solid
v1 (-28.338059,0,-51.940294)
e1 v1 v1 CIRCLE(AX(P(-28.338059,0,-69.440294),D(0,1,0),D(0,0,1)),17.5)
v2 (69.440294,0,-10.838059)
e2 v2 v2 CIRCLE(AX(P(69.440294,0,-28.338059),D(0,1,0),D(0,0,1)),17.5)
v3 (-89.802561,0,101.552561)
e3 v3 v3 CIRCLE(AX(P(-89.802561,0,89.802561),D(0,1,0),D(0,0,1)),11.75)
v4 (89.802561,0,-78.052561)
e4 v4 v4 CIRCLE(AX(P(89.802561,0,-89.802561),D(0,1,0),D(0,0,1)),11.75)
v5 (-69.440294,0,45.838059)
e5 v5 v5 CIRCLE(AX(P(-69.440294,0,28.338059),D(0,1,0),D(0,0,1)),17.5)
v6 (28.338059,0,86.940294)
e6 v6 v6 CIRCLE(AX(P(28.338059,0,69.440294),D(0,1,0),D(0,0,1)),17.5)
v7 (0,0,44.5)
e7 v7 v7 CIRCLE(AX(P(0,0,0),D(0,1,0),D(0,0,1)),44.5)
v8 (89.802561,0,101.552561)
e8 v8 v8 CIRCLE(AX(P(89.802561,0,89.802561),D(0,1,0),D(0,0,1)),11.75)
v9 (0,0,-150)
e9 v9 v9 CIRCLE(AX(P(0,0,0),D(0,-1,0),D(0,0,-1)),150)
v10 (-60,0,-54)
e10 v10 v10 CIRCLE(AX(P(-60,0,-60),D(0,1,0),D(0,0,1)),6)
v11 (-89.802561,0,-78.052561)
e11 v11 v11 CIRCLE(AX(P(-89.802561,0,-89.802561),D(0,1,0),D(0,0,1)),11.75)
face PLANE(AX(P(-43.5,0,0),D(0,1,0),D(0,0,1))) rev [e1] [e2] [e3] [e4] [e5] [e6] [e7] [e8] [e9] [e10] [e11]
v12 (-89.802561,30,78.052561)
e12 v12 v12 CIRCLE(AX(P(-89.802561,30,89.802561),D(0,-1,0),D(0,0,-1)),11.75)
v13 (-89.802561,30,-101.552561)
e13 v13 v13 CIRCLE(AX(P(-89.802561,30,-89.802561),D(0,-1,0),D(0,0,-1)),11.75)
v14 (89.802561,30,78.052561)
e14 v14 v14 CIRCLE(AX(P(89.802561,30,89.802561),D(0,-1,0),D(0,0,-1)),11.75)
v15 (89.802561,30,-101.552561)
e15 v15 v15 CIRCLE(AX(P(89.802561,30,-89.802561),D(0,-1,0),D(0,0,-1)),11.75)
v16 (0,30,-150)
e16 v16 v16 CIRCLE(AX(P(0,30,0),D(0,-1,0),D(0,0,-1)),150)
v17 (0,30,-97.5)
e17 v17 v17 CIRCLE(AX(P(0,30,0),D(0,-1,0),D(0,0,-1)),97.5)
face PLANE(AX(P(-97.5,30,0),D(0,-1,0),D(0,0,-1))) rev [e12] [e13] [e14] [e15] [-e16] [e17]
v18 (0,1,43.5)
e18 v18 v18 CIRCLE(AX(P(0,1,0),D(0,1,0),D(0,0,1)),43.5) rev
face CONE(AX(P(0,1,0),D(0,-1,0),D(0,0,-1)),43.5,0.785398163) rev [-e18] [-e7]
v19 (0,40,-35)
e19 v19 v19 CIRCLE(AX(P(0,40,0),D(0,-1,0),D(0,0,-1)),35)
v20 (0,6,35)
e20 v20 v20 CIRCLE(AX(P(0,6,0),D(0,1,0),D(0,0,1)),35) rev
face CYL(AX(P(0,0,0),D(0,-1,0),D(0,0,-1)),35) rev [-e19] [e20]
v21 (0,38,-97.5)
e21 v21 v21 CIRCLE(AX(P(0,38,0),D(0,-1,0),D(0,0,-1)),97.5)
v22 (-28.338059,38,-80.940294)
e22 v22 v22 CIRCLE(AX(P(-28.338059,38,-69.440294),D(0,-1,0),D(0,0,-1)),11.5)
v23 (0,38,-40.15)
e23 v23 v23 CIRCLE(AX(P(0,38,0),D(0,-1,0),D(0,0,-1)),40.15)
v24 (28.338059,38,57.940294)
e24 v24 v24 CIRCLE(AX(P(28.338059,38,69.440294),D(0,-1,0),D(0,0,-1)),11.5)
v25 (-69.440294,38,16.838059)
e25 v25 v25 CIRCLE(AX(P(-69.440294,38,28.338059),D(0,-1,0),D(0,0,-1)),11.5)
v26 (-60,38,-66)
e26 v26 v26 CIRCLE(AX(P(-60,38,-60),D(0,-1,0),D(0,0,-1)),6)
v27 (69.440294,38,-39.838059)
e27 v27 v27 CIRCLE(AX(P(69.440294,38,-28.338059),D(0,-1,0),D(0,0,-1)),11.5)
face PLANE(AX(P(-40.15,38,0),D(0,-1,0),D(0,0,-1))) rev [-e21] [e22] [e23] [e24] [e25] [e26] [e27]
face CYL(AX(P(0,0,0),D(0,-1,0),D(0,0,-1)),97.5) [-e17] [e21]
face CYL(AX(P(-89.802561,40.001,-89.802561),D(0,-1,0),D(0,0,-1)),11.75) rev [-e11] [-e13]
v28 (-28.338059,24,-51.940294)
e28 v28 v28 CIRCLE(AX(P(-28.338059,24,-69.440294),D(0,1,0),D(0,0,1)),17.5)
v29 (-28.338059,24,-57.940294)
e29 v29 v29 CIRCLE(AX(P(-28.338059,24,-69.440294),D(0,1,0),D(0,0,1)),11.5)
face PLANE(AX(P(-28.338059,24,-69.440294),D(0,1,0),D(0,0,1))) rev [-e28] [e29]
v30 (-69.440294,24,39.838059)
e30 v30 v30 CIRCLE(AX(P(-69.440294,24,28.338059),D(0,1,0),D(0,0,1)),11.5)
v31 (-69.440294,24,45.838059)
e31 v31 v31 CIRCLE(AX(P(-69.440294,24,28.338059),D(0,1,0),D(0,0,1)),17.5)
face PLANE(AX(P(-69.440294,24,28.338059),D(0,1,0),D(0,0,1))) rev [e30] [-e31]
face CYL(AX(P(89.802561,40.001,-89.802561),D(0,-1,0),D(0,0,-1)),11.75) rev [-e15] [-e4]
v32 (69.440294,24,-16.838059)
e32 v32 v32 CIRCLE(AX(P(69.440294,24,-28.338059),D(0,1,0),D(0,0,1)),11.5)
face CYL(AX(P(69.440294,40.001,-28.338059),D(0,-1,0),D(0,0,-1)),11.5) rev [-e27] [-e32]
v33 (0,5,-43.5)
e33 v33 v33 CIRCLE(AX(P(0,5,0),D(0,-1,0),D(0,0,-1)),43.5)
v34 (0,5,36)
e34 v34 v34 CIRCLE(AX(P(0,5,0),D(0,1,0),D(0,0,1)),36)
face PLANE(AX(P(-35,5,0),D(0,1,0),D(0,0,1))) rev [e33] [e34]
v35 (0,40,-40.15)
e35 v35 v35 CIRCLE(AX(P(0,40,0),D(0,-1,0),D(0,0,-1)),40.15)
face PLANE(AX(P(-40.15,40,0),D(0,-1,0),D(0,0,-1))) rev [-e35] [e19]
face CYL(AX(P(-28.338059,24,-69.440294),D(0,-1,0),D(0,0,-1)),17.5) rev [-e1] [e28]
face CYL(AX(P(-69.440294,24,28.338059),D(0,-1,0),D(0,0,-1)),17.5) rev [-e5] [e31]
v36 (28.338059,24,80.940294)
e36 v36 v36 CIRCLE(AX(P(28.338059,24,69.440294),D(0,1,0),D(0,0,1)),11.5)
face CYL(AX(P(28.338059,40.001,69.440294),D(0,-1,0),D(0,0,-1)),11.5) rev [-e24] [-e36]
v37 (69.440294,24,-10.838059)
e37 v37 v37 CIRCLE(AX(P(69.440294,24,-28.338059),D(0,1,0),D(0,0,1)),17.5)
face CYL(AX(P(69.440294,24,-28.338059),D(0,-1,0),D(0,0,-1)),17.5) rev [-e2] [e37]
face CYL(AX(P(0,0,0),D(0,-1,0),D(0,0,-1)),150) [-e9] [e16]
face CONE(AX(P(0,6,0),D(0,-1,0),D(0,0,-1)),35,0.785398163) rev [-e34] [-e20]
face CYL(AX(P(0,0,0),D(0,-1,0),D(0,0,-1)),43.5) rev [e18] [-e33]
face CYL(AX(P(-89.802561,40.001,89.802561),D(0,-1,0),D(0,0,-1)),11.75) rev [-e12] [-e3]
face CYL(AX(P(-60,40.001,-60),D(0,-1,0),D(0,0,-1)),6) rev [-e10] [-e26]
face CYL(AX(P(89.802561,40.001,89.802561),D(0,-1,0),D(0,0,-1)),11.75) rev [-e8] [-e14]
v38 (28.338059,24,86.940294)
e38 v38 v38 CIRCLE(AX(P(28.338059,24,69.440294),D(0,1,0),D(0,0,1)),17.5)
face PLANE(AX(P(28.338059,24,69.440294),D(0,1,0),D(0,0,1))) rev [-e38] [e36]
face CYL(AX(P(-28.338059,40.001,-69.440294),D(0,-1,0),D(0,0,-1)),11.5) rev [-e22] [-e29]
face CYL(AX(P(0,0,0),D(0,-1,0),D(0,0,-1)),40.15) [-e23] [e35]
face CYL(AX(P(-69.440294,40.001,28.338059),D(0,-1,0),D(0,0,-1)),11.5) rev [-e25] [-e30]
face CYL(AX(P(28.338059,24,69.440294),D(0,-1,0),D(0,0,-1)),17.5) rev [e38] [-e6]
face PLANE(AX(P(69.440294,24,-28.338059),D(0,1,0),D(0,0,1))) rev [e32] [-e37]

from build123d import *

# Parameters (mm, degrees)
CHAMFER_1_SIZE      = 1
CUT_EXTRUDE_1_REACH = 42
SKETCH_2_R          = 6
SKETCH_2_R_2        = 11.75
CUT_EXTRUDE_2_REACH = 42
SKETCH_3_R          = 11.5
SKETCH_4_R          = 17.5
CUT_EXTRUDE_3_DEPTH = 24


with BuildPart() as part:
    # 스케치1 → 회전1 (revolve)
    with BuildSketch(Plane.XY, mode=Mode.PRIVATE) as revolve_1_sk:
        Polygon((-150, 0), (-150, 30), (-97.5, 30), (-97.5, 38), (-40.15, 38), (-40.15, 40), (-35, 40), (-35, 5), (-43.5, 5), (-43.5, 0), align=None)
    revolve(revolve_1_sk.sketch.rotate(Axis((0, 0, 0), (0, 1, 0)), 270), axis=Axis((0, 0, 0), (0, 1, 0)))  # turned: the seam where the file's is

    # 모따기1
    chamfer_1_edges = [part.edges().sort_by_distance(p)[0] for p in [
        (0, 0, 43.5),
        (0, 5, 35),
    ]]
    chamfer(chamfer_1_edges, length=CHAMFER_1_SIZE)

    # 스케치2 → 컷-돌출1 (cut, up to next)
    with BuildSketch(Plane(origin=(0, 0, 0), x_dir=(1, 0, 0), z_dir=(0, 1, 0)), mode=Mode.PRIVATE) as cut_extrude_1_sk1:
        with Locations(Location((-60, 60, 0), (0, 0, 90))):  # turned: the seam where the file's is
            Circle(SKETCH_2_R)
    cut_extrude_1_tool1 = extrude(cut_extrude_1_sk1.sketch, amount=CUT_EXTRUDE_1_REACH, mode=Mode.PRIVATE) & part.part
    add(cut_extrude_1_tool1.solids().sort_by_distance((-60, 0, -60))[0], mode=Mode.SUBTRACT)
    # 스케치2 → 컷-돌출1 (cut, up to next)
    with BuildSketch(Plane(origin=(0, 0, 0), x_dir=(1, 0, 0), z_dir=(0, 1, 0)), mode=Mode.PRIVATE) as cut_extrude_1_sk2:
        with Locations(Location((-89.802561211, 89.802561211, 0), (0, 0, 90))):  # turned: the seam where the file's is
            Circle(SKETCH_2_R_2)
    cut_extrude_1_tool2 = extrude(cut_extrude_1_sk2.sketch, amount=CUT_EXTRUDE_1_REACH, mode=Mode.PRIVATE) & part.part
    add(cut_extrude_1_tool2.solids().sort_by_distance((-89.802561, 0, -89.802561))[0], mode=Mode.SUBTRACT)
    # 스케치2 → 컷-돌출1 (cut, up to next)
    with BuildSketch(Plane(origin=(0, 0, 0), x_dir=(1, 0, 0), z_dir=(0, 1, 0)), mode=Mode.PRIVATE) as cut_extrude_1_sk3:
        with Locations(Location((89.802561211, 89.802561211, 0), (0, 0, 90))):  # turned: the seam where the file's is
            Circle(SKETCH_2_R_2)
    cut_extrude_1_tool3 = extrude(cut_extrude_1_sk3.sketch, amount=CUT_EXTRUDE_1_REACH, mode=Mode.PRIVATE) & part.part
    add(cut_extrude_1_tool3.solids().sort_by_distance((89.802561, 0, -89.802561))[0], mode=Mode.SUBTRACT)
    # 스케치2 → 컷-돌출1 (cut, up to next)
    with BuildSketch(Plane(origin=(0, 0, 0), x_dir=(1, 0, 0), z_dir=(0, 1, 0)), mode=Mode.PRIVATE) as cut_extrude_1_sk4:
        with Locations(Location((89.802561211, -89.802561211, 0), (0, 0, 90))):  # turned: the seam where the file's is
            Circle(SKETCH_2_R_2)
    cut_extrude_1_tool4 = extrude(cut_extrude_1_sk4.sketch, amount=CUT_EXTRUDE_1_REACH, mode=Mode.PRIVATE) & part.part
    add(cut_extrude_1_tool4.solids().sort_by_distance((89.802561, 0, 89.802561))[0], mode=Mode.SUBTRACT)
    # 스케치2 → 컷-돌출1 (cut, up to next)
    with BuildSketch(Plane(origin=(0, 0, 0), x_dir=(1, 0, 0), z_dir=(0, 1, 0)), mode=Mode.PRIVATE) as cut_extrude_1_sk5:
        with Locations(Location((-89.802561211, -89.802561211, 0), (0, 0, 90))):  # turned: the seam where the file's is
            Circle(SKETCH_2_R_2)
    cut_extrude_1_tool5 = extrude(cut_extrude_1_sk5.sketch, amount=CUT_EXTRUDE_1_REACH, mode=Mode.PRIVATE) & part.part
    add(cut_extrude_1_tool5.solids().sort_by_distance((-89.802561, 0, 89.802561))[0], mode=Mode.SUBTRACT)

    # 스케치3 → 컷-돌출2 (cut, up to next)
    with BuildSketch(Plane(origin=(0, 0, 0), x_dir=(1, 0, 0), z_dir=(0, 1, 0)), mode=Mode.PRIVATE) as cut_extrude_2_sk1:
        with Locations(Location((-28.338059011, 69.440293861, 0), (0, 0, 90))):  # turned: the seam where the file's is
            Circle(SKETCH_3_R)
    cut_extrude_2_tool1 = extrude(cut_extrude_2_sk1.sketch, amount=CUT_EXTRUDE_2_REACH, mode=Mode.PRIVATE) & part.part
    add(cut_extrude_2_tool1.solids().sort_by_distance((-28.338059, 0, -69.440294))[0], mode=Mode.SUBTRACT)
    # 스케치3 → 컷-돌출2 (cut, up to next)
    with BuildSketch(Plane(origin=(0, 0, 0), x_dir=(1, 0, 0), z_dir=(0, 1, 0)), mode=Mode.PRIVATE) as cut_extrude_2_sk2:
        with Locations(Location((69.440293861, 28.338059011, 0), (0, 0, 90))):  # turned: the seam where the file's is
            Circle(SKETCH_3_R)
    cut_extrude_2_tool2 = extrude(cut_extrude_2_sk2.sketch, amount=CUT_EXTRUDE_2_REACH, mode=Mode.PRIVATE) & part.part
    add(cut_extrude_2_tool2.solids().sort_by_distance((69.440294, 0, -28.338059))[0], mode=Mode.SUBTRACT)
    # 스케치3 → 컷-돌출2 (cut, up to next)
    with BuildSketch(Plane(origin=(0, 0, 0), x_dir=(1, 0, 0), z_dir=(0, 1, 0)), mode=Mode.PRIVATE) as cut_extrude_2_sk3:
        with Locations(Location((28.338059011, -69.440293861, 0), (0, 0, 90))):  # turned: the seam where the file's is
            Circle(SKETCH_3_R)
    cut_extrude_2_tool3 = extrude(cut_extrude_2_sk3.sketch, amount=CUT_EXTRUDE_2_REACH, mode=Mode.PRIVATE) & part.part
    add(cut_extrude_2_tool3.solids().sort_by_distance((28.338059, 0, 69.440294))[0], mode=Mode.SUBTRACT)
    # 스케치3 → 컷-돌출2 (cut, up to next)
    with BuildSketch(Plane(origin=(0, 0, 0), x_dir=(1, 0, 0), z_dir=(0, 1, 0)), mode=Mode.PRIVATE) as cut_extrude_2_sk4:
        with Locations(Location((-69.440293861, -28.338059011, 0), (0, 0, 90))):  # turned: the seam where the file's is
            Circle(SKETCH_3_R)
    cut_extrude_2_tool4 = extrude(cut_extrude_2_sk4.sketch, amount=CUT_EXTRUDE_2_REACH, mode=Mode.PRIVATE) & part.part
    add(cut_extrude_2_tool4.solids().sort_by_distance((-69.440294, 0, 28.338059))[0], mode=Mode.SUBTRACT)

    # 스케치4 → 컷-돌출3 (cut)
    with BuildSketch(Plane(origin=(0, 0, 0), x_dir=(1, 0, 0), z_dir=(0, 1, 0))):
        with Locations(Location((-28.338059011, 69.440293861, 0), (0, 0, 270))):  # turned: the seam where the file's is
            Circle(SKETCH_4_R)
        with Locations(Location((-69.440293861, -28.338059011, 0), (0, 0, 270))):  # turned: the seam where the file's is
            Circle(SKETCH_4_R)
        with Locations(Location((69.440293861, 28.338059011, 0), (0, 0, 270))):  # turned: the seam where the file's is
            Circle(SKETCH_4_R)
        with Locations(Location((28.338059011, -69.440293861, 0), (0, 0, 270))):  # turned: the seam where the file's is
            Circle(SKETCH_4_R)
    extrude(amount=CUT_EXTRUDE_3_DEPTH, mode=Mode.SUBTRACT)


solid = part.part
